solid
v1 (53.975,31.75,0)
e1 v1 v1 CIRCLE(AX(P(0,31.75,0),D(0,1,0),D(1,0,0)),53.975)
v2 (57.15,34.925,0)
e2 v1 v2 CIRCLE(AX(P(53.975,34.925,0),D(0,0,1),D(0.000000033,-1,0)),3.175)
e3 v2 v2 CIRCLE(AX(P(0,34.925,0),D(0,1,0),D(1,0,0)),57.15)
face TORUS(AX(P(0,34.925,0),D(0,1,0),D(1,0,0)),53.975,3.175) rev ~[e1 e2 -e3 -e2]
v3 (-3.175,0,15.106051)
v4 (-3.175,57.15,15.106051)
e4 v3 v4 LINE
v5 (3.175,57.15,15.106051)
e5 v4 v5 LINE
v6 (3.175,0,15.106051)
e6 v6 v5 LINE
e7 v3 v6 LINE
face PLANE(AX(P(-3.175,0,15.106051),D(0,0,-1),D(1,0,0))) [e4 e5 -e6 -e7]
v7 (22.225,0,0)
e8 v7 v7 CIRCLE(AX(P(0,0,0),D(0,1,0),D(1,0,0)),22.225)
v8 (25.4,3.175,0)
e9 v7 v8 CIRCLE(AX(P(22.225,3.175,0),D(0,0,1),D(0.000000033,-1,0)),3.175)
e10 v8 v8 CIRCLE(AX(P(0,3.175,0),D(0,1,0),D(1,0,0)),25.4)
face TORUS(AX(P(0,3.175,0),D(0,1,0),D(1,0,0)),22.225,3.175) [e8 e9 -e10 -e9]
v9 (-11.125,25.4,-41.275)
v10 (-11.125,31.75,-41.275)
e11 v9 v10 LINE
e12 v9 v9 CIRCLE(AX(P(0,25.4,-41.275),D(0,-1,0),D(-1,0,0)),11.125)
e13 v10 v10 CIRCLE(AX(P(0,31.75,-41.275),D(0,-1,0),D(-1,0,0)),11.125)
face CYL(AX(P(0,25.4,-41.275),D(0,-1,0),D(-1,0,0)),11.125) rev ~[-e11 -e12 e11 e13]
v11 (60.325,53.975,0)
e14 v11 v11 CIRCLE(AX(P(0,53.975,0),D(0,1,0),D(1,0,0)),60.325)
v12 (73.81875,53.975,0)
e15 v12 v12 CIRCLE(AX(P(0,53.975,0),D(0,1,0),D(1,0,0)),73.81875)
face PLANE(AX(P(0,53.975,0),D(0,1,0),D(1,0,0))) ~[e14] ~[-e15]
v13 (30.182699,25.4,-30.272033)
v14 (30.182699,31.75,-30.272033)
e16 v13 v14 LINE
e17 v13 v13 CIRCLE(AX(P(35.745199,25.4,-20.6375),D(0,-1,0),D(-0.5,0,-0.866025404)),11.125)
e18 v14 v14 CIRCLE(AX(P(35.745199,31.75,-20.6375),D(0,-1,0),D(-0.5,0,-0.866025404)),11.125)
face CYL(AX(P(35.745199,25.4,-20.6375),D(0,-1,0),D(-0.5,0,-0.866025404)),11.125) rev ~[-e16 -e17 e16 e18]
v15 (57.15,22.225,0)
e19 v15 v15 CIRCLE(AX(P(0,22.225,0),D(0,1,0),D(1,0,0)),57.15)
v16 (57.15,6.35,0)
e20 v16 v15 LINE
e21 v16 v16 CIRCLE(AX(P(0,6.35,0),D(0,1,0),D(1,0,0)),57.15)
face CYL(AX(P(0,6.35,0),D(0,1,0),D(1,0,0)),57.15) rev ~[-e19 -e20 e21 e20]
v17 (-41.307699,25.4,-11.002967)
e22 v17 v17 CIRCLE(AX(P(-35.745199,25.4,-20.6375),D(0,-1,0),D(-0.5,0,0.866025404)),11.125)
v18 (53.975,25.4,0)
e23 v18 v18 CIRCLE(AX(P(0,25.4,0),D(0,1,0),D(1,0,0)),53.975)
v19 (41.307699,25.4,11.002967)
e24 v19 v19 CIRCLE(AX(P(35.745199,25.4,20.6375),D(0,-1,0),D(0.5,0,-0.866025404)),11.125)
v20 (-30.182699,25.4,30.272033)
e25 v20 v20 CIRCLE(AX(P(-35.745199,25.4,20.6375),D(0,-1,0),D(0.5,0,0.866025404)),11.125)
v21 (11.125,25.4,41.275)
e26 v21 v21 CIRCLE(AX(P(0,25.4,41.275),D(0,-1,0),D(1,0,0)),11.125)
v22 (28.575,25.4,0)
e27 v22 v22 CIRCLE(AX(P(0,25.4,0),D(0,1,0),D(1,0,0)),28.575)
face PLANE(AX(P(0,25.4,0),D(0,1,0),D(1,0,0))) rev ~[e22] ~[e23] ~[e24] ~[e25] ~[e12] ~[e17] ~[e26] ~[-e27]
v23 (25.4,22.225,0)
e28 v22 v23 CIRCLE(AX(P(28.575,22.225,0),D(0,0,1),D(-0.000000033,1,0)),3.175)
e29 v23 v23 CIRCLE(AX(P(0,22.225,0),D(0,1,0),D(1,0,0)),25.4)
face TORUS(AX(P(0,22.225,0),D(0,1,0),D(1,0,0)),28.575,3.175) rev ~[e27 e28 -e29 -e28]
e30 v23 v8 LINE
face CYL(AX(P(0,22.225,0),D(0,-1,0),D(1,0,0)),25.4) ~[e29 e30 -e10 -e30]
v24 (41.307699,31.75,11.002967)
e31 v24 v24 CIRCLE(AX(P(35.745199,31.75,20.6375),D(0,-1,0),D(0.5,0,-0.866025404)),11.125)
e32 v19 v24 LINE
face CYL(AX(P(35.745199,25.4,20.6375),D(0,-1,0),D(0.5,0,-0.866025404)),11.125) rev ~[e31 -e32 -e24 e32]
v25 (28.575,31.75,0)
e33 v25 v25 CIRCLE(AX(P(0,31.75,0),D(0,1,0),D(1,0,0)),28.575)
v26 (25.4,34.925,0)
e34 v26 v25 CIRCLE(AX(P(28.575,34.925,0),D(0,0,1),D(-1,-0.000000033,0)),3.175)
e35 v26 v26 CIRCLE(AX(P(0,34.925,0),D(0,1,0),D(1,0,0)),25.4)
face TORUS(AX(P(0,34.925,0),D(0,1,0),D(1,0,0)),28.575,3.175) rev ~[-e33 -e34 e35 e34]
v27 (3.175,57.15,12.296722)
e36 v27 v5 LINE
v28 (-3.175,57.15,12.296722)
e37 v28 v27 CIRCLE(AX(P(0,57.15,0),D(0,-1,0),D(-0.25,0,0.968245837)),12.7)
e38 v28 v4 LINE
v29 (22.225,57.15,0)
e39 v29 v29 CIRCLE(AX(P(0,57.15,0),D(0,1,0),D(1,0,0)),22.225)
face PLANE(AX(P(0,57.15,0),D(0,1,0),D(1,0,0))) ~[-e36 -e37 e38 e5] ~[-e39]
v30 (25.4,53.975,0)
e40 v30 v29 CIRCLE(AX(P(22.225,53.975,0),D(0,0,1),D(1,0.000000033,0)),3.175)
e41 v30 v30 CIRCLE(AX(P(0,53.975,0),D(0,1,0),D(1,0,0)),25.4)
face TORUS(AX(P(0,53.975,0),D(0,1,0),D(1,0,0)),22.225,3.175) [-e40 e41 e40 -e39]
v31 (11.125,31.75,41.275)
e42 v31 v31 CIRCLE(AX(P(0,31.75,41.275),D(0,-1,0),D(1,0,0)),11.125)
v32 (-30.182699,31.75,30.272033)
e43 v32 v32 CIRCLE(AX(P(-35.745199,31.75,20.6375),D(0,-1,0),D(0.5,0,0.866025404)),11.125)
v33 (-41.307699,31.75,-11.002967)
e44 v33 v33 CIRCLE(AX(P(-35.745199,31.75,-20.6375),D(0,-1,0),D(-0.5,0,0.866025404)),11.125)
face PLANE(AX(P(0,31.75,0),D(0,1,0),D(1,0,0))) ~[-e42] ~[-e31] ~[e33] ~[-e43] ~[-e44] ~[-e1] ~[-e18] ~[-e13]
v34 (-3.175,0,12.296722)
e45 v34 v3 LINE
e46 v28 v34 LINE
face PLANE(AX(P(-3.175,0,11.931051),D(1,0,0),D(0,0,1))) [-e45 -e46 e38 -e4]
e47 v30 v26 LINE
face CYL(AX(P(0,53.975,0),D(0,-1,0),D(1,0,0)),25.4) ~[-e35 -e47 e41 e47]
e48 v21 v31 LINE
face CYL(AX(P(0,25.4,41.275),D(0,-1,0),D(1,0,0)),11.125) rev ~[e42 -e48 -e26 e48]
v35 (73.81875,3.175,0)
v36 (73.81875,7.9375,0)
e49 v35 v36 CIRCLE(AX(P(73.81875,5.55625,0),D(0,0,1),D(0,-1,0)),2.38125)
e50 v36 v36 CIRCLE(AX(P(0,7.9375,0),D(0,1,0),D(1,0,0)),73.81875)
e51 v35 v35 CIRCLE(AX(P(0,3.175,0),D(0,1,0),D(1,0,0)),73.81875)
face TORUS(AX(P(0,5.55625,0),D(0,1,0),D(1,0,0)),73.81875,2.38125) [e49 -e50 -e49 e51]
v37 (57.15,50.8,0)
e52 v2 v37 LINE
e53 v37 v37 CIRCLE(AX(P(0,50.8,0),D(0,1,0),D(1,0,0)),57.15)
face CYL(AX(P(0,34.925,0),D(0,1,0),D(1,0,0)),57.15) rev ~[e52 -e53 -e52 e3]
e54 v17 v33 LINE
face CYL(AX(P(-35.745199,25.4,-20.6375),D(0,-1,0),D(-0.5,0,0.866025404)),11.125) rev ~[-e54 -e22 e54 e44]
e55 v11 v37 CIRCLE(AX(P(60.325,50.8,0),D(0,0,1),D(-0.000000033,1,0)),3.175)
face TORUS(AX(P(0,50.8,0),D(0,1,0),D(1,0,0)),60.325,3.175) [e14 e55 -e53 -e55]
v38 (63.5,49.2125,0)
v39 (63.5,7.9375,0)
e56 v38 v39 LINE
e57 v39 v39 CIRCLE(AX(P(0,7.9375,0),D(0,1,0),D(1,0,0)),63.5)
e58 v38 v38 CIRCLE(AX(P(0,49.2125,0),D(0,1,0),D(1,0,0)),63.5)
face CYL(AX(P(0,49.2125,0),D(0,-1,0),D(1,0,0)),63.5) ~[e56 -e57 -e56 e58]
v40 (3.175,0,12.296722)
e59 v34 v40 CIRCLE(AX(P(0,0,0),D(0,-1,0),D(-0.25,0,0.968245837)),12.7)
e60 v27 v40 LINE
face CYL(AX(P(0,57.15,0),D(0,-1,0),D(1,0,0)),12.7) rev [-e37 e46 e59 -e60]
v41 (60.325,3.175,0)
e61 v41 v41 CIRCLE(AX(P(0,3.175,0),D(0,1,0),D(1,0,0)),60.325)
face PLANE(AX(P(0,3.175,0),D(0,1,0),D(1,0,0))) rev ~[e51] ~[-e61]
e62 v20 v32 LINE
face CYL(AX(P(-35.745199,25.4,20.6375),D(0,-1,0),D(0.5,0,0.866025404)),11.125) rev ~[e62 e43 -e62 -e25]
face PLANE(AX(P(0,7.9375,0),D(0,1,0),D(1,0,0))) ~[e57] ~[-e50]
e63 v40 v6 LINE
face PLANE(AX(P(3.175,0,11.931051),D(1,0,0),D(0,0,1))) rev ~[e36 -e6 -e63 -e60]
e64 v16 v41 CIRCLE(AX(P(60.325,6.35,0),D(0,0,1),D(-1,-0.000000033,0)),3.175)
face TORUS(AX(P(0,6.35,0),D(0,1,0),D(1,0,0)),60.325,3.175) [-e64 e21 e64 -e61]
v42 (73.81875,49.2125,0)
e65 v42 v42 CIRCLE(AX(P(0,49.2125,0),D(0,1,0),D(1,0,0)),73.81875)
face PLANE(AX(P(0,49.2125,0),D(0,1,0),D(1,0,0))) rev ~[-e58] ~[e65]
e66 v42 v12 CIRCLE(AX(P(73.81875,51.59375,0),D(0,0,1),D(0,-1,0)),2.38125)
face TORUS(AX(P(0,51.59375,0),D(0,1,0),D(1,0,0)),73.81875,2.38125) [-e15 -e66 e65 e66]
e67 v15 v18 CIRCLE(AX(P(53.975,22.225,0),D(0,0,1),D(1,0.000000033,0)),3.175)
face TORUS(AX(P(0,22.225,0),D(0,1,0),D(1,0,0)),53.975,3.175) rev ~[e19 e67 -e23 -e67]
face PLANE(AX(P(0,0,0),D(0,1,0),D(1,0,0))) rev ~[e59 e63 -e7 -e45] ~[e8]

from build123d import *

# Parameters (mm, degrees)
SKETCH_R           = 11.125
POCKET_DEPTH       = 477.700067
POLARPATTERN_COUNT = 6
SKETCH002_W        = 6.35
SKETCH002_H        = 3.175
POCKET001_DEPTH    = 57.151


with BuildPart() as part:
    # Sketch001 → Revolution (revolve)
    with BuildSketch(Plane.XY):
        with BuildLine():
            Line((12.7, 57.15), (22.225, 57.15))
            ThreePointArc((25.4, 53.975), (24.470064, 56.220064), (22.225, 57.15))
            Line((25.4, 53.975), (25.4, 34.925))
            ThreePointArc((25.4, 34.925), (26.329936, 32.679936), (28.575, 31.75))
            Line((28.575, 31.75), (53.975, 31.75))
            ThreePointArc((53.975, 31.75), (56.220064, 32.679936), (57.15, 34.925))
            Line((57.15, 34.925), (57.15, 50.8))
            ThreePointArc((60.325, 53.975), (58.079936, 53.045064), (57.15, 50.8))
            Line((60.325, 53.975), (73.81875, 53.975))
            ThreePointArc((73.81875, 49.2125), (76.2, 51.59375), (73.81875, 53.975))
            Line((73.81875, 49.2125), (63.5, 49.2125))
            Line((63.5, 49.2125), (63.5, 7.9375))
            Line((63.5, 7.9375), (73.81875, 7.9375))
            ThreePointArc((73.81875, 3.175), (76.2, 5.55625), (73.81875, 7.9375))
            Line((73.81875, 3.175), (60.325, 3.175))
            ThreePointArc((57.15, 6.35), (58.079936, 4.104936), (60.325, 3.175))
            Line((57.15, 6.35), (57.15, 22.225))
            ThreePointArc((57.15, 22.225), (56.220064, 24.470064), (53.975, 25.4))
            Line((53.975, 25.4), (28.575, 25.4))
            ThreePointArc((28.575, 25.4), (26.329936, 24.470064), (25.4, 22.225))
            Line((25.4, 22.225), (25.4, 3.175))
            ThreePointArc((22.225, 0), (24.470064, 0.929936), (25.4, 3.175))
            Line((22.225, 0), (12.7, 0))
            Line((12.7, 57.15), (12.7, 0))
        make_face()
    revolve(axis=Axis((0, 0, 0), (0, 1, 0)))

    # Sketch → Pocket (cut, through all)
    with BuildSketch(Plane.XZ.offset(-25.4)):
        with Locations((0, 41.275)):
            Circle(SKETCH_R)
    pocket = extrude(amount=-POCKET_DEPTH, mode=Mode.SUBTRACT)

    # PolarPattern: Pocket ×6 about axis
    polarpattern_axis = Axis((0, 25.4, 0), (0, -1, 0))
    for i in range(1, POLARPATTERN_COUNT):
        add(pocket.rotate(polarpattern_axis, i * 360 / POLARPATTERN_COUNT), mode=Mode.SUBTRACT)

    # Sketch002 → Pocket001 (cut, through all)
    with BuildSketch(Plane.XZ):
        with Locations((0, 13.518551)):
            Rectangle(SKETCH002_W, SKETCH002_H)
    extrude(amount=-POCKET001_DEPTH, mode=Mode.SUBTRACT)


solid = part.part
